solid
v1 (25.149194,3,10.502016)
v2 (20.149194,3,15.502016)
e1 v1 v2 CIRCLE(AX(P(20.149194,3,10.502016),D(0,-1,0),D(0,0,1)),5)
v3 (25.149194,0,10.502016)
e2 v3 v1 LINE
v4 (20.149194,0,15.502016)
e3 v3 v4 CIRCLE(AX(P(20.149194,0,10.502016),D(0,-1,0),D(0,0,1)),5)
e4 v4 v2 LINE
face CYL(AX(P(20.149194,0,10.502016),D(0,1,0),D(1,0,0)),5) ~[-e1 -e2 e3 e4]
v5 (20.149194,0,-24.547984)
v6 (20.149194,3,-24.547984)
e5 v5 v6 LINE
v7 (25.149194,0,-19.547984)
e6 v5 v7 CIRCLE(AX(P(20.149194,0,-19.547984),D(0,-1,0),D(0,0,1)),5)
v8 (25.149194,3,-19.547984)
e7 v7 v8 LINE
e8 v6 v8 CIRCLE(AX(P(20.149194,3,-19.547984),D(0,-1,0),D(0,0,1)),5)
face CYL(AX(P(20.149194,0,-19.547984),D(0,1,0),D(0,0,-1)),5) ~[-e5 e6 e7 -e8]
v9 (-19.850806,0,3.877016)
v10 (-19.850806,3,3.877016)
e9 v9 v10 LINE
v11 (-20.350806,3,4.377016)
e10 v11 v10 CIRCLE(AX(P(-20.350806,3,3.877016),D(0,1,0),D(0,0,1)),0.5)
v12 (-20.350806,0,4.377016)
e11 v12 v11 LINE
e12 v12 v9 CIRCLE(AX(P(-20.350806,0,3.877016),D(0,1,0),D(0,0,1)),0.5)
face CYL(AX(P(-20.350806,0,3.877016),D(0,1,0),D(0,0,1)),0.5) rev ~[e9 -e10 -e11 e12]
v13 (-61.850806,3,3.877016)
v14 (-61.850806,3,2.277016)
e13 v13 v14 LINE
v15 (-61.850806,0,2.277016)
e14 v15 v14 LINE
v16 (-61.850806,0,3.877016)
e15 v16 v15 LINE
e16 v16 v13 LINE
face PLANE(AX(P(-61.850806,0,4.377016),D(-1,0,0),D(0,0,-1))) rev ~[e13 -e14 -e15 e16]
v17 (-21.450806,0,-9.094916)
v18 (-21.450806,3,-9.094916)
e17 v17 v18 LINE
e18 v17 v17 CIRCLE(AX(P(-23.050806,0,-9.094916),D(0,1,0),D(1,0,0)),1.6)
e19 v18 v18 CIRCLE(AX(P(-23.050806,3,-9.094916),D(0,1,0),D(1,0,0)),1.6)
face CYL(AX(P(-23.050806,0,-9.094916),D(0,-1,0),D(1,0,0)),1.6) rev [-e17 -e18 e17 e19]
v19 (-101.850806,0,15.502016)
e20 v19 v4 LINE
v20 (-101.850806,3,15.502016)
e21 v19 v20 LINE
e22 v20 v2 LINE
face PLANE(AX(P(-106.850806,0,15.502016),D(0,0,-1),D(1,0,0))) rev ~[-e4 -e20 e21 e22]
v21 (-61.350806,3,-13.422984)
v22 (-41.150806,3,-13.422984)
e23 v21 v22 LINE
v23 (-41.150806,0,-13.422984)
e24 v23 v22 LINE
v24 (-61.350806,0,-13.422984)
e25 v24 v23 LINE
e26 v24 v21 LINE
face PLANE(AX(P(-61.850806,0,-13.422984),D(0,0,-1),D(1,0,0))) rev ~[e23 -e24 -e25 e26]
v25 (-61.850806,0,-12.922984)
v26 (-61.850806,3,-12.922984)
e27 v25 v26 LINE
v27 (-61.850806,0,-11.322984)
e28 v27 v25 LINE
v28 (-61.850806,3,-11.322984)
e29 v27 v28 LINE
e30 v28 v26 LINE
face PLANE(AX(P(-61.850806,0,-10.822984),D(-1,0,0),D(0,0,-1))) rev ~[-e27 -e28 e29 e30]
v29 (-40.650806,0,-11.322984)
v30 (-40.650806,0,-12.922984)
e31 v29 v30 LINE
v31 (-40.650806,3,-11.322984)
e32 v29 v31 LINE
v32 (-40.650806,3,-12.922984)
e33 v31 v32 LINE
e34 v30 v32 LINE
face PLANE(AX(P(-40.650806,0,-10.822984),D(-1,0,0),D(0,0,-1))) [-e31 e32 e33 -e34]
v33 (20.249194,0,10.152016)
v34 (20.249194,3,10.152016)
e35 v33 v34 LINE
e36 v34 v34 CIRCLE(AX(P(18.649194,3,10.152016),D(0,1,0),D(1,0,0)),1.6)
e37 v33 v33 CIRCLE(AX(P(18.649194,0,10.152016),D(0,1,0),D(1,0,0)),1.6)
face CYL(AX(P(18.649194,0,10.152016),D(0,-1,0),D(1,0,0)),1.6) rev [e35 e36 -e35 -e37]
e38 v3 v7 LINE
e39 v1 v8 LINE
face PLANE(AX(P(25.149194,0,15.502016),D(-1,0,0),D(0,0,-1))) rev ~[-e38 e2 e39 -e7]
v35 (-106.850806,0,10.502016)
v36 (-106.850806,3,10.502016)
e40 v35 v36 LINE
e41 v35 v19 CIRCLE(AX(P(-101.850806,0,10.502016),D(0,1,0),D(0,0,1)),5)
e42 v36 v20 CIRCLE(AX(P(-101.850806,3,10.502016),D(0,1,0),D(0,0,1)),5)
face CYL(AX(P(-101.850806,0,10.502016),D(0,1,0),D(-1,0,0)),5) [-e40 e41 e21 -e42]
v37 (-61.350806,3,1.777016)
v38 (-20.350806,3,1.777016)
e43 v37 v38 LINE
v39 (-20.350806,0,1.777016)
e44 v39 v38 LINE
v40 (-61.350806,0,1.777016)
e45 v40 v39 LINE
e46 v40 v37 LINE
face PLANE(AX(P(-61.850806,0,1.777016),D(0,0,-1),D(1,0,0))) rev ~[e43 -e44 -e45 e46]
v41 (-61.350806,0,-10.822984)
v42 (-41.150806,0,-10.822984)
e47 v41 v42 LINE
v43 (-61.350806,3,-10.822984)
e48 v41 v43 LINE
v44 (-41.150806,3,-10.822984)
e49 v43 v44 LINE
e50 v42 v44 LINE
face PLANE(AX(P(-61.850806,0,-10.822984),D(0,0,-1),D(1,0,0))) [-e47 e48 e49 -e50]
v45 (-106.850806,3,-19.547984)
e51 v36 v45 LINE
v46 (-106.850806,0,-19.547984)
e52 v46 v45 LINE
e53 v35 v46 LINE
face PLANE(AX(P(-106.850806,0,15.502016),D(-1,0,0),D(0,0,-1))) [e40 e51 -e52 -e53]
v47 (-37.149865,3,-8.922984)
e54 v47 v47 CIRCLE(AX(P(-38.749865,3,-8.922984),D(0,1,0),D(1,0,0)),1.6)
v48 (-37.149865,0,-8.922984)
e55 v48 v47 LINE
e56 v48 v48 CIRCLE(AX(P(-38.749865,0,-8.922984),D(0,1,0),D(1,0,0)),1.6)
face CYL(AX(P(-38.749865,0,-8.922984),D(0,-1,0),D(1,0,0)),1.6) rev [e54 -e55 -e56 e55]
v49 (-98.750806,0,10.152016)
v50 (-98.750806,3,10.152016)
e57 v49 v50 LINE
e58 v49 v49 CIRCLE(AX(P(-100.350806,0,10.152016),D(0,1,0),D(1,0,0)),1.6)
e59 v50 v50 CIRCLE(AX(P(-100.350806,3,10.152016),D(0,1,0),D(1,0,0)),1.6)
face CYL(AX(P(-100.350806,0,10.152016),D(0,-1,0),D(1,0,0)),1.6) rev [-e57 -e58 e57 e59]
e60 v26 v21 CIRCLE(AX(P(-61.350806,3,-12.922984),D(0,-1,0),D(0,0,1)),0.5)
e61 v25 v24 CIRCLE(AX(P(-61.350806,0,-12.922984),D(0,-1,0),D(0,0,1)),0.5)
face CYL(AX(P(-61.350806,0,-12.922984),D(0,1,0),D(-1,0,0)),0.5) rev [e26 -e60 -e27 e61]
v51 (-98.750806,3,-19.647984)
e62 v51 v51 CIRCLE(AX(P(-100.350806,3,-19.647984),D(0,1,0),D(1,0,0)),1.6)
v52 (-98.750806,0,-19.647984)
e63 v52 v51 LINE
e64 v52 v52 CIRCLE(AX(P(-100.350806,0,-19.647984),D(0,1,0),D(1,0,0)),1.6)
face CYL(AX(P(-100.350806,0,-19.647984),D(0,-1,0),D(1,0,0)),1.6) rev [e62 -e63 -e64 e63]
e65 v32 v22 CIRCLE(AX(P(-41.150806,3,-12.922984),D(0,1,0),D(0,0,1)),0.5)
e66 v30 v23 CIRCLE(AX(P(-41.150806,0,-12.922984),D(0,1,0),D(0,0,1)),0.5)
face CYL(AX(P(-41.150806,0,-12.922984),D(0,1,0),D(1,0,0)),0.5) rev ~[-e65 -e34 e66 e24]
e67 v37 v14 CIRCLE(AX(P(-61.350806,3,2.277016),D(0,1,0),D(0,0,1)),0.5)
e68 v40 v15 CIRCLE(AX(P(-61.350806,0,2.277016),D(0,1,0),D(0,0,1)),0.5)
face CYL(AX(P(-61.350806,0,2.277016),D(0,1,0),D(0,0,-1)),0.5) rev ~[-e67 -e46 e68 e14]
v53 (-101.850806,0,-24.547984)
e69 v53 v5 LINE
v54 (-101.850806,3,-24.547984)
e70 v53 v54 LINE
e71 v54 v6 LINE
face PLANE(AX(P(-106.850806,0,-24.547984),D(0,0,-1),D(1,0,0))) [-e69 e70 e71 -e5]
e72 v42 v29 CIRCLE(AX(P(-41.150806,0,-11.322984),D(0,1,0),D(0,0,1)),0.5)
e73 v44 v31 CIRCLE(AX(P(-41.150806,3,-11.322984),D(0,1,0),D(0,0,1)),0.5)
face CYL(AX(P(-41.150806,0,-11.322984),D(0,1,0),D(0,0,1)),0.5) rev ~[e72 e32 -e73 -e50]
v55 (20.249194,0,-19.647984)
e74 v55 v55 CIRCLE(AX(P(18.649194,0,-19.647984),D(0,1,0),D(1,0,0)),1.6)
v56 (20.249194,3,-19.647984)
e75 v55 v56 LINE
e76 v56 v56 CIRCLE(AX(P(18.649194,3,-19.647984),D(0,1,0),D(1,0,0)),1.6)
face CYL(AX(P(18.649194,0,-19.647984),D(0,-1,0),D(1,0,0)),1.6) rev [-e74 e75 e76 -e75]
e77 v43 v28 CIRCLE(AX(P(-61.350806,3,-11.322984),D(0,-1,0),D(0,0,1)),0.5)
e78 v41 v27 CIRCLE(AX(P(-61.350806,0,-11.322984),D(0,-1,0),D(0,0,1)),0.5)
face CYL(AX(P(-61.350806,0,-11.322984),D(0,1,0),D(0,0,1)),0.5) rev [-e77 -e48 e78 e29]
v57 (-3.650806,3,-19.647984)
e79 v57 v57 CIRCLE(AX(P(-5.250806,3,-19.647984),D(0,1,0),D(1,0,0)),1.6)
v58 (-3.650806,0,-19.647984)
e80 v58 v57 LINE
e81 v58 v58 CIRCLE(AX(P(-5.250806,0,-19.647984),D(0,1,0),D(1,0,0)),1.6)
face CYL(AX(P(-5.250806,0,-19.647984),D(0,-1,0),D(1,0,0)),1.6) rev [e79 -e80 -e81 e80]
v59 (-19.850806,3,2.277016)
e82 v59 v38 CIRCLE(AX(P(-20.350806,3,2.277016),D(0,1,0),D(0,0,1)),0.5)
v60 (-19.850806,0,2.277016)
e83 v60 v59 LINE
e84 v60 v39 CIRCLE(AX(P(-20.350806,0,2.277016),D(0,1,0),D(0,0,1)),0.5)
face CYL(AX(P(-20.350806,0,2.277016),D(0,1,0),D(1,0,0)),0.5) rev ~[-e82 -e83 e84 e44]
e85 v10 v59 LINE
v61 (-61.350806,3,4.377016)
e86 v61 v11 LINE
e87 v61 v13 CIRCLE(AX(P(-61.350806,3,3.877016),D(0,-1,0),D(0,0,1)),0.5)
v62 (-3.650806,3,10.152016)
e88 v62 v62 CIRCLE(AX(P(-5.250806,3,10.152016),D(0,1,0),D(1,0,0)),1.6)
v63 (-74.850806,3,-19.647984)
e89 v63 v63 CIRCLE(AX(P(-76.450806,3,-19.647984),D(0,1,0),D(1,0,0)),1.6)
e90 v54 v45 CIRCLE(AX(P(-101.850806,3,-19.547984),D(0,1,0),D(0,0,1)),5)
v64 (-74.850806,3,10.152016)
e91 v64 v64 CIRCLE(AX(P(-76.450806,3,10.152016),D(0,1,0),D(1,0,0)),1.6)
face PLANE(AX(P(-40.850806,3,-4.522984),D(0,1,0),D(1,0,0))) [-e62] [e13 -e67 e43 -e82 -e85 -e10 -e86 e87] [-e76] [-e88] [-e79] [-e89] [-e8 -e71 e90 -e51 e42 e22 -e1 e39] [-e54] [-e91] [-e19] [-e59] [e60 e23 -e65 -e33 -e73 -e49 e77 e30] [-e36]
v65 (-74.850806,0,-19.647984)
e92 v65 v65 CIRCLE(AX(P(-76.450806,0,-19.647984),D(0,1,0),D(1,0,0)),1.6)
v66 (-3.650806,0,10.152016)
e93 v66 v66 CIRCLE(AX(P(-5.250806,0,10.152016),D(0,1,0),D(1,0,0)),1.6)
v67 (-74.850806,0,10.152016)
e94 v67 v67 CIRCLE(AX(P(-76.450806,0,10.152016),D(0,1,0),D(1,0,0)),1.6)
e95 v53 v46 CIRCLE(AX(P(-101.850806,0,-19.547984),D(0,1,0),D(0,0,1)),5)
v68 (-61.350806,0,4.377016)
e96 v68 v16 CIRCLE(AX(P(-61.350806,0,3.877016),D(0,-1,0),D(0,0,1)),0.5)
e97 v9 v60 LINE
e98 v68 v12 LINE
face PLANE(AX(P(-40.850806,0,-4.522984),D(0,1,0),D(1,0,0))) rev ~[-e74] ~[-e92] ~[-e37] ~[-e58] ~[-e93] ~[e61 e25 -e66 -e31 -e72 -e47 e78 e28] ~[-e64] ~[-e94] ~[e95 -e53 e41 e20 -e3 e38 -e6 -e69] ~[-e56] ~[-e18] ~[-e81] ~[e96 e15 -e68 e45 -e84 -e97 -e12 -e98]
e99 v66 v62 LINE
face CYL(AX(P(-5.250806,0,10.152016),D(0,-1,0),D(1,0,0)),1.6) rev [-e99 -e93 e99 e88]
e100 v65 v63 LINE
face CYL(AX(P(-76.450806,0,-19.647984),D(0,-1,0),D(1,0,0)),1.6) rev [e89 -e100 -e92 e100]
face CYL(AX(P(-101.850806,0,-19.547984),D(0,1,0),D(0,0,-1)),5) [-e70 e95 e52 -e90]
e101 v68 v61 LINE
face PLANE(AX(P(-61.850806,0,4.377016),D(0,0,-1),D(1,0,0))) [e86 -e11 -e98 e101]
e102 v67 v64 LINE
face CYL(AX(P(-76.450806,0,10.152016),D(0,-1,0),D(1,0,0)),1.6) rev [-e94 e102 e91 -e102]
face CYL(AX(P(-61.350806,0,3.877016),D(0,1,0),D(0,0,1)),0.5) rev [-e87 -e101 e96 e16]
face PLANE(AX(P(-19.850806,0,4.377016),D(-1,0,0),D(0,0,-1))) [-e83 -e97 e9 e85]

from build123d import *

# Parameters (mm, degrees)
SKETCH_1_W      = 132
SKETCH_1_H      = 40.05
SKETCH_1_R      = 1.6
SKETCH_1_W_2    = 21.2
SKETCH_1_H_2    = 2.6
SKETCH_1_W_3    = 42
EXTRUDE_1_DEPTH = 3
FILLET_1_R      = 5
FILLET_2_R      = 5
FILLET_3_R      = 0.5


with BuildPart() as part:
    # 草图1 → 凸台-拉伸1 (new body)
    with BuildSketch(Plane(origin=(0, 0, 0), x_dir=(1, 0, 0), z_dir=(0, 1, 0))):
        with Locations((-40.850806452, 4.522983871)):
            Rectangle(SKETCH_1_W, SKETCH_1_H)
        with Locations((18.649193548, 19.647983871)):
            Circle(SKETCH_1_R, mode=Mode.SUBTRACT)
        with Locations((18.649193548, -10.152016129)):
            Circle(SKETCH_1_R, mode=Mode.SUBTRACT)
        with Locations((-5.250806452, 19.647983871)):
            Circle(SKETCH_1_R, mode=Mode.SUBTRACT)
        with Locations((-5.250806452, -10.152016129)):
            Circle(SKETCH_1_R, mode=Mode.SUBTRACT)
        with Locations((-100.350806452, -10.152016129)):
            Circle(SKETCH_1_R, mode=Mode.SUBTRACT)
        with Locations((-76.450806452, -10.152016129)):
            Circle(SKETCH_1_R, mode=Mode.SUBTRACT)
        with Locations((-100.350806452, 19.647983871)):
            Circle(SKETCH_1_R, mode=Mode.SUBTRACT)
        with Locations((-76.450806452, 19.647983871)):
            Circle(SKETCH_1_R, mode=Mode.SUBTRACT)
        with Locations((-38.749865004, 8.922983871)):
            Circle(SKETCH_1_R, mode=Mode.SUBTRACT)
        with Locations((-23.050806452, 9.094915776)):
            Circle(SKETCH_1_R, mode=Mode.SUBTRACT)
        with Locations((-51.250806452, 12.122983871)):
            Rectangle(SKETCH_1_W_2, SKETCH_1_H_2, mode=Mode.SUBTRACT)
        with Locations((-40.850806452, -3.077016129)):
            Rectangle(SKETCH_1_W_3, SKETCH_1_H_2, mode=Mode.SUBTRACT)
    extrude(amount=EXTRUDE_1_DEPTH)

    # 圆角1
    fillet_1_edges = [part.edges().sort_by_distance(p)[0] for p in [
        (25.149193548, 1.5, -24.547983871),
    ]]
    fillet(fillet_1_edges, radius=FILLET_1_R)

    # 圆角2
    fillet_2_edges = [part.edges().sort_by_distance(p)[0] for p in [
        (25.149193548, 1.5, 15.502016129),
        (-106.850806452, 1.5, 15.502016129),
        (-106.850806452, 1.5, -24.547983871),
    ]]
    fillet(fillet_2_edges, radius=FILLET_2_R)

    # 圆角3
    fillet_3_edges = [part.edges().sort_by_distance(p)[0] for p in [
        (-40.650806452, 1.5, -10.822983871),
        (-40.650806452, 1.5, -13.422983871),
        (-61.850806452, 1.5, -13.422983871),
        (-61.850806452, 1.5, -10.822983871),
        (-19.850806452, 1.5, 4.377016129),
        (-19.850806452, 1.5, 1.777016129),
        (-61.850806452, 1.5, 1.777016129),
        (-61.850806452, 1.5, 4.377016129),
    ]]
    fillet(fillet_3_edges, radius=FILLET_3_R)


solid = part.part
